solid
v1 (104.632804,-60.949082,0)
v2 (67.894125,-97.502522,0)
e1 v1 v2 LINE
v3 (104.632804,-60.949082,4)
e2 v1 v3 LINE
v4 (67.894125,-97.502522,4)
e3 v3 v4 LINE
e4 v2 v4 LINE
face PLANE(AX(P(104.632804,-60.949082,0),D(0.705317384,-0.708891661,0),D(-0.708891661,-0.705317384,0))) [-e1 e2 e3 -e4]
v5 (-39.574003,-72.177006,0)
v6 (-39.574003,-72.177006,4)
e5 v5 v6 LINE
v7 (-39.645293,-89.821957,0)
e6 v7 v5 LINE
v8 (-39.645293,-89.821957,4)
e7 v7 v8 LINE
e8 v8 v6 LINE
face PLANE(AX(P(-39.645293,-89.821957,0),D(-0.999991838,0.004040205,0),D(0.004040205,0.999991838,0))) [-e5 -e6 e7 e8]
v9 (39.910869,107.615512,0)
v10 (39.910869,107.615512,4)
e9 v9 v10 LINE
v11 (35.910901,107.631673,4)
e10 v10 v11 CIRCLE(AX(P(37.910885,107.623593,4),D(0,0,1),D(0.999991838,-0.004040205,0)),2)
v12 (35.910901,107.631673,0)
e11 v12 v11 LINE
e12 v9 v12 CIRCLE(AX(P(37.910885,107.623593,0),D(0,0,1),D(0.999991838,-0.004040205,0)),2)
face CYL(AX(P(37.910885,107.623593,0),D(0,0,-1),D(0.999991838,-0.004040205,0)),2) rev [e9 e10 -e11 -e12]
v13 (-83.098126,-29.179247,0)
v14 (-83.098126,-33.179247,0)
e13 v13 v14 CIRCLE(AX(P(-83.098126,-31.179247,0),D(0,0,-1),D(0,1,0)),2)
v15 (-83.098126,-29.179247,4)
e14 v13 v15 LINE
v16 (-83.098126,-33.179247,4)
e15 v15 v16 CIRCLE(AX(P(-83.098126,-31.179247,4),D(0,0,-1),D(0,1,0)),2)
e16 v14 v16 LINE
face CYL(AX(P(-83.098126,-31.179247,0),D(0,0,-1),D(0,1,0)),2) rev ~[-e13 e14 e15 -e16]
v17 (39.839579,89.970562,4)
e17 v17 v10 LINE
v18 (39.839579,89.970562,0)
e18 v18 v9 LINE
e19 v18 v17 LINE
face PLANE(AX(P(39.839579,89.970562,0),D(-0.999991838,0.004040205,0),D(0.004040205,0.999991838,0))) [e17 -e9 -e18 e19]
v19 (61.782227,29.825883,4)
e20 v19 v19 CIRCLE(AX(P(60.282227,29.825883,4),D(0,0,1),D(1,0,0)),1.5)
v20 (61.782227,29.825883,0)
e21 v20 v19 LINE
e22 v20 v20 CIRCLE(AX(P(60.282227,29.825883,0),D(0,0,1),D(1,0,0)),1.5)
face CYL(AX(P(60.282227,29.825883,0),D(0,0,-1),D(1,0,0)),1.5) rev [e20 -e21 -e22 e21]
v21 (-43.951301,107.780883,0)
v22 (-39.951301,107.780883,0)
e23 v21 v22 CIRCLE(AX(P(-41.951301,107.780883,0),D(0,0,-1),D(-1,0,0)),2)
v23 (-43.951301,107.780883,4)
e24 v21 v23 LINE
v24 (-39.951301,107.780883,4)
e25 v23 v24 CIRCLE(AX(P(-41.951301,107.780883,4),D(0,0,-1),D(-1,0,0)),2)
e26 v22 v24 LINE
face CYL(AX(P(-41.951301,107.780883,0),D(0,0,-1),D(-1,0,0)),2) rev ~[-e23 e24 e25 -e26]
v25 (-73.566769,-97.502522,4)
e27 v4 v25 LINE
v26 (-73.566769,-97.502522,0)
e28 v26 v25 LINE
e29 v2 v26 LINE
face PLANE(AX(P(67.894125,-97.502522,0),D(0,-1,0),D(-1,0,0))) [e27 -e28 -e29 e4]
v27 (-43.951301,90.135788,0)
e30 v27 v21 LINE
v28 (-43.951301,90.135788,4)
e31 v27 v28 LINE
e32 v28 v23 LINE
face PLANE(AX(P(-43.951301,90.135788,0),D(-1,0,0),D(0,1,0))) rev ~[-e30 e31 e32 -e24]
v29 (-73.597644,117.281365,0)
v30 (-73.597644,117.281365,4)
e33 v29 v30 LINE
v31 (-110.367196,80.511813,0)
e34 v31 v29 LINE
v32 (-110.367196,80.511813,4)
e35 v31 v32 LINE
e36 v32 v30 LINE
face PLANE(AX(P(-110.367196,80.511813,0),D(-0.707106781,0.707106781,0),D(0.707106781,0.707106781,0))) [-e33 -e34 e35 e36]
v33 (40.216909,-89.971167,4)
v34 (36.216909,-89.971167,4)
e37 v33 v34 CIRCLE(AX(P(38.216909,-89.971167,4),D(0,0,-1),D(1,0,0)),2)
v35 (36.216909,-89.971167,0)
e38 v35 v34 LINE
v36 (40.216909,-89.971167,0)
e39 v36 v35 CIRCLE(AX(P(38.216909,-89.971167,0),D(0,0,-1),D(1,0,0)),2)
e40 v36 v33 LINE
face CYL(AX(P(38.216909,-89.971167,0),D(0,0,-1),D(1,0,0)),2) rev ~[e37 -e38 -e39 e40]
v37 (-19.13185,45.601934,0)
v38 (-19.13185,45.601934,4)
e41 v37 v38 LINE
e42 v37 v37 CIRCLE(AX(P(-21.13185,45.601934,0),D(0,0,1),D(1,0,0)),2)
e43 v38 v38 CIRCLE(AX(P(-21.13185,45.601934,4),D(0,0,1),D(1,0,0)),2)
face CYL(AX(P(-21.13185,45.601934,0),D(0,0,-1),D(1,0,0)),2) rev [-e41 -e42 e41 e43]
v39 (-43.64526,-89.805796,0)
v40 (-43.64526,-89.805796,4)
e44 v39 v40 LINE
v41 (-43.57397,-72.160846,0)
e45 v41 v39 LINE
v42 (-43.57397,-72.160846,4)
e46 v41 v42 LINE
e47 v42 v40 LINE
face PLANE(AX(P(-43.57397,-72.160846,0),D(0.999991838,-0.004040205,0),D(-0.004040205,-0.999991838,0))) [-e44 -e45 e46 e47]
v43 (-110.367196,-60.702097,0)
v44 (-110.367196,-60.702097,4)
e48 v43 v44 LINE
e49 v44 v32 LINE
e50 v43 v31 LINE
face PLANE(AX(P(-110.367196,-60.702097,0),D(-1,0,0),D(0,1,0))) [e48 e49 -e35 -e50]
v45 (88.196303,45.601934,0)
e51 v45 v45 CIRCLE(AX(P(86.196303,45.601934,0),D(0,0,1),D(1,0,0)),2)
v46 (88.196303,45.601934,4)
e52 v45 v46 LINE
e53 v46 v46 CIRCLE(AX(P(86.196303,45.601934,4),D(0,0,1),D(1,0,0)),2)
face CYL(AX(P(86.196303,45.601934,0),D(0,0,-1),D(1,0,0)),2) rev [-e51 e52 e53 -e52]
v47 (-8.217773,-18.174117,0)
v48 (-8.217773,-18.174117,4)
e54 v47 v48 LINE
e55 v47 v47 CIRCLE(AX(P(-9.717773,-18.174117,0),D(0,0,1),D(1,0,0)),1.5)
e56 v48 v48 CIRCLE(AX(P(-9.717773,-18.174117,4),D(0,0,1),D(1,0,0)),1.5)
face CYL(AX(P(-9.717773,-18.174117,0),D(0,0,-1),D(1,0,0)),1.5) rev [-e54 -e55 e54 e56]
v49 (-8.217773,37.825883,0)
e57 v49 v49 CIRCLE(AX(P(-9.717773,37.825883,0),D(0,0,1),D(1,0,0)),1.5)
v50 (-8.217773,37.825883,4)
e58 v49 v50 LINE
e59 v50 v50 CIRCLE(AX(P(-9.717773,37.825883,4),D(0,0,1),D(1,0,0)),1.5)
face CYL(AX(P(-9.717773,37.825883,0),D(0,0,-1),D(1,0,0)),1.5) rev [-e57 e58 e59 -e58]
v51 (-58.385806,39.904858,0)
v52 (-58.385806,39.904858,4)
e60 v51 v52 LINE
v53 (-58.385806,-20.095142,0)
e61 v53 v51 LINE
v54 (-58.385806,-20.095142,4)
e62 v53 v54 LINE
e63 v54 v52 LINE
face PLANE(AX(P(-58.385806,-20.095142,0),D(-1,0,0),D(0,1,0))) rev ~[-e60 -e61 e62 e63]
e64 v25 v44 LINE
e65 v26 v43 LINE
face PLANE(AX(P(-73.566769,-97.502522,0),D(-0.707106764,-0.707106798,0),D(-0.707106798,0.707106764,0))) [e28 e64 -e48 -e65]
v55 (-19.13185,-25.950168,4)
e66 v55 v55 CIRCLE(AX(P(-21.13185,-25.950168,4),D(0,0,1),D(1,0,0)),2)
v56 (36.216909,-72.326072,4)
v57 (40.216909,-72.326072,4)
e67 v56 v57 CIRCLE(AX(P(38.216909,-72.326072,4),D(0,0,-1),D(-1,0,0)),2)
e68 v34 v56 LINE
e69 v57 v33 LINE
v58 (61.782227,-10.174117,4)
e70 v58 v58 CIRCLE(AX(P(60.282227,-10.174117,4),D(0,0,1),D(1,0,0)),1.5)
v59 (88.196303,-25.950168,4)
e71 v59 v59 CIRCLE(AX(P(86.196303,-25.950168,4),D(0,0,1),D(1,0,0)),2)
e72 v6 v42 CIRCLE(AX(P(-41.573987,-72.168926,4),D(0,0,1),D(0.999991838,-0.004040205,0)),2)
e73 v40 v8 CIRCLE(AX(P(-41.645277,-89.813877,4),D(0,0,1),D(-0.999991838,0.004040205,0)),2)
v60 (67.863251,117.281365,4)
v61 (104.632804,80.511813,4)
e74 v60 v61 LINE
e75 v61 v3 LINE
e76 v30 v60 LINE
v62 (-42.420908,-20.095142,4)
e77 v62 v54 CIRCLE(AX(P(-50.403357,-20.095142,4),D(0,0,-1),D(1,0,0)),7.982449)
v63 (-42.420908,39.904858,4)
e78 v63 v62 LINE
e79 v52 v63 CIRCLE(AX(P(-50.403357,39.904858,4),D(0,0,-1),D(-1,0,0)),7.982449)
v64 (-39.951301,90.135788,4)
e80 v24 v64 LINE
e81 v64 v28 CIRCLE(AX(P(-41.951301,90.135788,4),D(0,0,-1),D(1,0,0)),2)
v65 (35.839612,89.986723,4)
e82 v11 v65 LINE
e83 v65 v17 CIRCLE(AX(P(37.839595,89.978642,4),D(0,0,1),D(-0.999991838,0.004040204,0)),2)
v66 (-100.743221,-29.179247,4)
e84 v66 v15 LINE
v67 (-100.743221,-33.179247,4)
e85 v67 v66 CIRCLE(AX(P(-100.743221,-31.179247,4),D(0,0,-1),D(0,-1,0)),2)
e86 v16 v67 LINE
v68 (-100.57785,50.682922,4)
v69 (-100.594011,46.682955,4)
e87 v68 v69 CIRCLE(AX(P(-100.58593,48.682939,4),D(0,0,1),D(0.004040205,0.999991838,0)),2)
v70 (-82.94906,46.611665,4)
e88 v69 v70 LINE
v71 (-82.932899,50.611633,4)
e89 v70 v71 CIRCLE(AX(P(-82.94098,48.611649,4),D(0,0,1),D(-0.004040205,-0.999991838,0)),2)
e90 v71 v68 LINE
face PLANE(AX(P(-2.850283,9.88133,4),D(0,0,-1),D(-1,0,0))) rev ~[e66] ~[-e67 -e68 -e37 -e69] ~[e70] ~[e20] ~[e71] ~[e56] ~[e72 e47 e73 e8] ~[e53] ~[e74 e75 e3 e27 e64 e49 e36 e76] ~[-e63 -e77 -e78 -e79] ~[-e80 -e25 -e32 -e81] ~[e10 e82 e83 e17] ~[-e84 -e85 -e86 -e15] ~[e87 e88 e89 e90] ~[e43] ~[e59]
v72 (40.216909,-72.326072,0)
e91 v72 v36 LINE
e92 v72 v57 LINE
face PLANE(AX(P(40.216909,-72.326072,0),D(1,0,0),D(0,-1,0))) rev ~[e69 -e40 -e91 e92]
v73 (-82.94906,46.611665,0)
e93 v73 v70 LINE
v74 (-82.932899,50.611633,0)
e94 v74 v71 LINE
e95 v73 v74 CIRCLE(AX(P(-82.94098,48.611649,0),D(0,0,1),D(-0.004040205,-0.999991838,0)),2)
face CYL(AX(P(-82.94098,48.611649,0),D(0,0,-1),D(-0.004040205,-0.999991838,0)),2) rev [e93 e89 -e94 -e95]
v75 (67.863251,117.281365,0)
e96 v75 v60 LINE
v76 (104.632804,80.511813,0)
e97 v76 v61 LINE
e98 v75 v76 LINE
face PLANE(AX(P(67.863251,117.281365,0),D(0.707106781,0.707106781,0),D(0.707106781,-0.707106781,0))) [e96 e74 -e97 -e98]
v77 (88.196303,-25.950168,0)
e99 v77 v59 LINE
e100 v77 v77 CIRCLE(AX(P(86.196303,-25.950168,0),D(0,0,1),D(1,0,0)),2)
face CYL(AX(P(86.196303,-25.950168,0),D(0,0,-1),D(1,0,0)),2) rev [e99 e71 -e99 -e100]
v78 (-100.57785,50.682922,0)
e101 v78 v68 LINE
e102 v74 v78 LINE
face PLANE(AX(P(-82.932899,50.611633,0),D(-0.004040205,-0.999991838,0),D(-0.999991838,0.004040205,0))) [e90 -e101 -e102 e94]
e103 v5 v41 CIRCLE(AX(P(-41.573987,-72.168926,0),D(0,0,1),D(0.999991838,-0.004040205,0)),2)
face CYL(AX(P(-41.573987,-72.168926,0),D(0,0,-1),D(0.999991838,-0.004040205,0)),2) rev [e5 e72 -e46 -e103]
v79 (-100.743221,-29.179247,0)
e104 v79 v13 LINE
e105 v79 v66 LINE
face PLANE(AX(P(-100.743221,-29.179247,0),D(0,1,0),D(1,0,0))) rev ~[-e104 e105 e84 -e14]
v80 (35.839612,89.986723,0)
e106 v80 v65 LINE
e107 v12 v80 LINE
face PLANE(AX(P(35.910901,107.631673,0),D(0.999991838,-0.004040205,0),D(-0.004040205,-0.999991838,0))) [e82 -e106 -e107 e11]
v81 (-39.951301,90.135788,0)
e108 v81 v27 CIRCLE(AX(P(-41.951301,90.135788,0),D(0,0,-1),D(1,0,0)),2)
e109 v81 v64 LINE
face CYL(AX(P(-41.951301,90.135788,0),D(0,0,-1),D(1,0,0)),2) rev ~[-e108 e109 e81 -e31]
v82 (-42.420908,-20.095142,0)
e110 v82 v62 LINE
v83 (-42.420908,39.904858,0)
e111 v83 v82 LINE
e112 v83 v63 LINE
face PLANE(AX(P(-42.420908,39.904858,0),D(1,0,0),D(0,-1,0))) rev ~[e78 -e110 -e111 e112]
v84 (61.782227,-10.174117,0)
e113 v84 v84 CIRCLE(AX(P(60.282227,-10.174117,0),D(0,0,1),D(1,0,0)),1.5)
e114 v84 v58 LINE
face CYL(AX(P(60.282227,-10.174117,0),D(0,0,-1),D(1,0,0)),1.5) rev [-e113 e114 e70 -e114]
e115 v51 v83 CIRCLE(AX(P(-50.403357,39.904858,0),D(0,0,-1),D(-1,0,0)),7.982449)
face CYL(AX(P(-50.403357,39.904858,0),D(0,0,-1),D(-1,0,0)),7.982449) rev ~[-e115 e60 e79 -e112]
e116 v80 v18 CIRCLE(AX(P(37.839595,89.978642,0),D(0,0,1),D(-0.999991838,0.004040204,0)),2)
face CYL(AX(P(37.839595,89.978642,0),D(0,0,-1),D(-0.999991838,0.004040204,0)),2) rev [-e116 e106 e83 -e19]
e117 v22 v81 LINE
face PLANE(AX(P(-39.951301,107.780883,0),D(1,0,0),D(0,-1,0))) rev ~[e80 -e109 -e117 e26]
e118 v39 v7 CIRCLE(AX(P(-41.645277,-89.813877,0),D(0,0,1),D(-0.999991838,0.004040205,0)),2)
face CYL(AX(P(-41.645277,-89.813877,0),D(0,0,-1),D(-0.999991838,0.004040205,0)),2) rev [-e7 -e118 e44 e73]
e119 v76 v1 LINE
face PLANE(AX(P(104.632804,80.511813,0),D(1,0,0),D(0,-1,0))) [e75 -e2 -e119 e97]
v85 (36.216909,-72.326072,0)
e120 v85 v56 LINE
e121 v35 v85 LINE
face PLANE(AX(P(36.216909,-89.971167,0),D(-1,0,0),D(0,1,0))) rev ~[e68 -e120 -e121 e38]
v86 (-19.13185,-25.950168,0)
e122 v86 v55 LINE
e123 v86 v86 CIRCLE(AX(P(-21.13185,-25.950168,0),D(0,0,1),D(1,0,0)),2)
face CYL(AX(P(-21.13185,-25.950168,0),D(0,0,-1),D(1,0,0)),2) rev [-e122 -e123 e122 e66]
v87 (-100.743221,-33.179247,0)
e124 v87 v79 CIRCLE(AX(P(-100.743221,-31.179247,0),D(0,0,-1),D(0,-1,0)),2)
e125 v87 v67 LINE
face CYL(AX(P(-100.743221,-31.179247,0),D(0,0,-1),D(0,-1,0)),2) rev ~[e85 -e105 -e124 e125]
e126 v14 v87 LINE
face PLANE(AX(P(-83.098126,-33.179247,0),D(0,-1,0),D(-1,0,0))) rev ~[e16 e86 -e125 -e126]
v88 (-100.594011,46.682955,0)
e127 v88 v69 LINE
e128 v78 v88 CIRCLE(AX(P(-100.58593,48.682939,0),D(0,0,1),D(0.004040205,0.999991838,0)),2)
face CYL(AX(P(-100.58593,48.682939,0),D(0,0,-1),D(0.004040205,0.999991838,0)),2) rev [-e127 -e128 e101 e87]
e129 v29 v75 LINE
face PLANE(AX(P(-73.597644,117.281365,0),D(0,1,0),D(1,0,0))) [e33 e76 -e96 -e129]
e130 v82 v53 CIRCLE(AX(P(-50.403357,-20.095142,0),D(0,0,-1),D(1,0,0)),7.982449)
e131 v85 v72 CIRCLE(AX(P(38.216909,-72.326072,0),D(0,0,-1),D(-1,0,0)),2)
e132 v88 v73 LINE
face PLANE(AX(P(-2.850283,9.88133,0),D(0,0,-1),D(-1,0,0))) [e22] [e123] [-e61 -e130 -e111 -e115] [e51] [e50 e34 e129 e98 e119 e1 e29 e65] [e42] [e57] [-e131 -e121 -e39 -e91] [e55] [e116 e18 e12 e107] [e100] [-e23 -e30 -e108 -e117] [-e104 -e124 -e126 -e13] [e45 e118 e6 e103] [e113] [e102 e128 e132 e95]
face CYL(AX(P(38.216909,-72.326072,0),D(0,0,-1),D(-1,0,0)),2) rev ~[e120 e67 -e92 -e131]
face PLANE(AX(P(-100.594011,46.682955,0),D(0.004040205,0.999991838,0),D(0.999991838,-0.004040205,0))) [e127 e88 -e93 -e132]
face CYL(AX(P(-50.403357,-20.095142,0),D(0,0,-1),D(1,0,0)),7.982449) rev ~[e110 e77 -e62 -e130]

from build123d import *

# Parameters (mm, degrees)
SKETCH1_R           = 1.5
SKETCH1_R_2         = 2
BOSS_EXTRUDE2_DEPTH = 4


with BuildPart() as part:
    # Sketch1 → Boss-Extrude2 (new body)
    with BuildSketch(Plane.XY):
        Polygon((-73.597643579, 117.281365478), (67.863251178, 117.281365478), (104.632803799, 80.511812856), (104.632803799, -60.949081901), (67.894125273, -97.50252168), (-73.566769484, -97.50252168), (-110.367196201, -60.702096755), (-110.367196201, 80.511812856), align=None)
        with Locations((-9.717773474, 37.825883079)):
            Circle(SKETCH1_R, mode=Mode.SUBTRACT)
        with Locations((60.282226526, 29.825883079)):
            Circle(SKETCH1_R, mode=Mode.SUBTRACT)
        with Locations((60.282226526, -10.174116921)):
            Circle(SKETCH1_R, mode=Mode.SUBTRACT)
        with Locations((-9.717773474, -18.174116921)):
            Circle(SKETCH1_R, mode=Mode.SUBTRACT)
        with Locations((-21.13184974, 45.601933923)):
            Circle(SKETCH1_R_2, mode=Mode.SUBTRACT)
        with Locations((86.196302793, 45.601933923)):
            Circle(SKETCH1_R_2, mode=Mode.SUBTRACT)
        with Locations((86.196302793, -25.950167766)):
            Circle(SKETCH1_R_2, mode=Mode.SUBTRACT)
        with Locations((-21.13184974, -25.950167766)):
            Circle(SKETCH1_R_2, mode=Mode.SUBTRACT)
        with BuildLine():
            Line((-58.385806079, -20.095141949), (-58.385806079, 39.904858051))
            ThreePointArc((-58.385806079, 39.904858051), (-50.403357017, 47.887307113), (-42.420907955, 39.904858051))
            Line((-42.420907955, 39.904858051), (-42.420907955, -20.095141949))
            ThreePointArc((-42.420907955, -20.095141949), (-50.403357017, -28.077591011), (-58.385806079, -20.095141949))
        make_face(mode=Mode.SUBTRACT)
        with BuildLine():
            Line((-43.951300834, 90.135788358), (-43.951300834, 107.780882998))
            ThreePointArc((-43.951300834, 107.780882998), (-41.951300834, 109.780882998), (-39.951300834, 107.780882998))
            Line((-39.951300834, 107.780882998), (-39.951300834, 90.135788358))
            ThreePointArc((-39.951300834, 90.135788358), (-41.951300834, 88.135788358), (-43.951300834, 90.135788358))
        make_face(mode=Mode.SUBTRACT)
        with BuildLine():
            Line((39.83957888, 89.970561723), (39.910868679, 107.61551235))
            ThreePointArc((39.910868679, 107.61551235), (37.918965413, 109.623576437), (35.910901326, 107.63167317))
            Line((35.910901326, 107.63167317), (35.839611526, 89.986722543))
            ThreePointArc((35.839611526, 89.986722543), (37.831514793, 87.978658457), (39.83957888, 89.970561723))
        make_face(mode=Mode.SUBTRACT)
        with BuildLine():
            Line((-83.098126059, -33.179247031), (-100.743220699, -33.179247031))
            ThreePointArc((-100.743220699, -33.179247031), (-102.743220699, -31.179247031), (-100.743220699, -29.179247031))
            Line((-100.743220699, -29.179247031), (-83.098126059, -29.179247031))
            ThreePointArc((-83.098126059, -29.179247031), (-81.098126059, -31.179247031), (-83.098126059, -33.179247031))
        make_face(mode=Mode.SUBTRACT)
        with BuildLine():
            Line((-82.932899424, 50.611632682), (-100.577850051, 50.682922481))
            ThreePointArc((-100.577850051, 50.682922481), (-102.585914138, 48.691019215), (-100.594010871, 46.682955128))
            Line((-100.594010871, 46.682955128), (-82.949060244, 46.611665329))
            ThreePointArc((-82.949060244, 46.611665329), (-80.940996157, 48.603568595), (-82.932899424, 50.611632682))
        make_face(mode=Mode.SUBTRACT)
        with BuildLine():
            Line((40.21690933, -72.326072256), (40.21690933, -89.971166897))
            ThreePointArc((40.21690933, -89.971166897), (38.21690933, -91.971166897), (36.21690933, -89.971166897))
            Line((36.21690933, -89.971166897), (36.21690933, -72.326072256))
            ThreePointArc((36.21690933, -72.326072256), (38.21690933, -70.326072256), (40.21690933, -72.326072256))
        make_face(mode=Mode.SUBTRACT)
        with BuildLine():
            Line((-43.573970383, -72.160845622), (-43.645260182, -89.805796249))
            ThreePointArc((-43.645260182, -89.805796249), (-41.653356916, -91.813860335), (-39.645292829, -89.821957069))
            Line((-39.645292829, -89.821957069), (-39.574003029, -72.177006442))
            ThreePointArc((-39.574003029, -72.177006442), (-41.565906296, -70.168942355), (-43.573970383, -72.160845622))
        make_face(mode=Mode.SUBTRACT)
    extrude(amount=BOSS_EXTRUDE2_DEPTH)


solid = part.part
